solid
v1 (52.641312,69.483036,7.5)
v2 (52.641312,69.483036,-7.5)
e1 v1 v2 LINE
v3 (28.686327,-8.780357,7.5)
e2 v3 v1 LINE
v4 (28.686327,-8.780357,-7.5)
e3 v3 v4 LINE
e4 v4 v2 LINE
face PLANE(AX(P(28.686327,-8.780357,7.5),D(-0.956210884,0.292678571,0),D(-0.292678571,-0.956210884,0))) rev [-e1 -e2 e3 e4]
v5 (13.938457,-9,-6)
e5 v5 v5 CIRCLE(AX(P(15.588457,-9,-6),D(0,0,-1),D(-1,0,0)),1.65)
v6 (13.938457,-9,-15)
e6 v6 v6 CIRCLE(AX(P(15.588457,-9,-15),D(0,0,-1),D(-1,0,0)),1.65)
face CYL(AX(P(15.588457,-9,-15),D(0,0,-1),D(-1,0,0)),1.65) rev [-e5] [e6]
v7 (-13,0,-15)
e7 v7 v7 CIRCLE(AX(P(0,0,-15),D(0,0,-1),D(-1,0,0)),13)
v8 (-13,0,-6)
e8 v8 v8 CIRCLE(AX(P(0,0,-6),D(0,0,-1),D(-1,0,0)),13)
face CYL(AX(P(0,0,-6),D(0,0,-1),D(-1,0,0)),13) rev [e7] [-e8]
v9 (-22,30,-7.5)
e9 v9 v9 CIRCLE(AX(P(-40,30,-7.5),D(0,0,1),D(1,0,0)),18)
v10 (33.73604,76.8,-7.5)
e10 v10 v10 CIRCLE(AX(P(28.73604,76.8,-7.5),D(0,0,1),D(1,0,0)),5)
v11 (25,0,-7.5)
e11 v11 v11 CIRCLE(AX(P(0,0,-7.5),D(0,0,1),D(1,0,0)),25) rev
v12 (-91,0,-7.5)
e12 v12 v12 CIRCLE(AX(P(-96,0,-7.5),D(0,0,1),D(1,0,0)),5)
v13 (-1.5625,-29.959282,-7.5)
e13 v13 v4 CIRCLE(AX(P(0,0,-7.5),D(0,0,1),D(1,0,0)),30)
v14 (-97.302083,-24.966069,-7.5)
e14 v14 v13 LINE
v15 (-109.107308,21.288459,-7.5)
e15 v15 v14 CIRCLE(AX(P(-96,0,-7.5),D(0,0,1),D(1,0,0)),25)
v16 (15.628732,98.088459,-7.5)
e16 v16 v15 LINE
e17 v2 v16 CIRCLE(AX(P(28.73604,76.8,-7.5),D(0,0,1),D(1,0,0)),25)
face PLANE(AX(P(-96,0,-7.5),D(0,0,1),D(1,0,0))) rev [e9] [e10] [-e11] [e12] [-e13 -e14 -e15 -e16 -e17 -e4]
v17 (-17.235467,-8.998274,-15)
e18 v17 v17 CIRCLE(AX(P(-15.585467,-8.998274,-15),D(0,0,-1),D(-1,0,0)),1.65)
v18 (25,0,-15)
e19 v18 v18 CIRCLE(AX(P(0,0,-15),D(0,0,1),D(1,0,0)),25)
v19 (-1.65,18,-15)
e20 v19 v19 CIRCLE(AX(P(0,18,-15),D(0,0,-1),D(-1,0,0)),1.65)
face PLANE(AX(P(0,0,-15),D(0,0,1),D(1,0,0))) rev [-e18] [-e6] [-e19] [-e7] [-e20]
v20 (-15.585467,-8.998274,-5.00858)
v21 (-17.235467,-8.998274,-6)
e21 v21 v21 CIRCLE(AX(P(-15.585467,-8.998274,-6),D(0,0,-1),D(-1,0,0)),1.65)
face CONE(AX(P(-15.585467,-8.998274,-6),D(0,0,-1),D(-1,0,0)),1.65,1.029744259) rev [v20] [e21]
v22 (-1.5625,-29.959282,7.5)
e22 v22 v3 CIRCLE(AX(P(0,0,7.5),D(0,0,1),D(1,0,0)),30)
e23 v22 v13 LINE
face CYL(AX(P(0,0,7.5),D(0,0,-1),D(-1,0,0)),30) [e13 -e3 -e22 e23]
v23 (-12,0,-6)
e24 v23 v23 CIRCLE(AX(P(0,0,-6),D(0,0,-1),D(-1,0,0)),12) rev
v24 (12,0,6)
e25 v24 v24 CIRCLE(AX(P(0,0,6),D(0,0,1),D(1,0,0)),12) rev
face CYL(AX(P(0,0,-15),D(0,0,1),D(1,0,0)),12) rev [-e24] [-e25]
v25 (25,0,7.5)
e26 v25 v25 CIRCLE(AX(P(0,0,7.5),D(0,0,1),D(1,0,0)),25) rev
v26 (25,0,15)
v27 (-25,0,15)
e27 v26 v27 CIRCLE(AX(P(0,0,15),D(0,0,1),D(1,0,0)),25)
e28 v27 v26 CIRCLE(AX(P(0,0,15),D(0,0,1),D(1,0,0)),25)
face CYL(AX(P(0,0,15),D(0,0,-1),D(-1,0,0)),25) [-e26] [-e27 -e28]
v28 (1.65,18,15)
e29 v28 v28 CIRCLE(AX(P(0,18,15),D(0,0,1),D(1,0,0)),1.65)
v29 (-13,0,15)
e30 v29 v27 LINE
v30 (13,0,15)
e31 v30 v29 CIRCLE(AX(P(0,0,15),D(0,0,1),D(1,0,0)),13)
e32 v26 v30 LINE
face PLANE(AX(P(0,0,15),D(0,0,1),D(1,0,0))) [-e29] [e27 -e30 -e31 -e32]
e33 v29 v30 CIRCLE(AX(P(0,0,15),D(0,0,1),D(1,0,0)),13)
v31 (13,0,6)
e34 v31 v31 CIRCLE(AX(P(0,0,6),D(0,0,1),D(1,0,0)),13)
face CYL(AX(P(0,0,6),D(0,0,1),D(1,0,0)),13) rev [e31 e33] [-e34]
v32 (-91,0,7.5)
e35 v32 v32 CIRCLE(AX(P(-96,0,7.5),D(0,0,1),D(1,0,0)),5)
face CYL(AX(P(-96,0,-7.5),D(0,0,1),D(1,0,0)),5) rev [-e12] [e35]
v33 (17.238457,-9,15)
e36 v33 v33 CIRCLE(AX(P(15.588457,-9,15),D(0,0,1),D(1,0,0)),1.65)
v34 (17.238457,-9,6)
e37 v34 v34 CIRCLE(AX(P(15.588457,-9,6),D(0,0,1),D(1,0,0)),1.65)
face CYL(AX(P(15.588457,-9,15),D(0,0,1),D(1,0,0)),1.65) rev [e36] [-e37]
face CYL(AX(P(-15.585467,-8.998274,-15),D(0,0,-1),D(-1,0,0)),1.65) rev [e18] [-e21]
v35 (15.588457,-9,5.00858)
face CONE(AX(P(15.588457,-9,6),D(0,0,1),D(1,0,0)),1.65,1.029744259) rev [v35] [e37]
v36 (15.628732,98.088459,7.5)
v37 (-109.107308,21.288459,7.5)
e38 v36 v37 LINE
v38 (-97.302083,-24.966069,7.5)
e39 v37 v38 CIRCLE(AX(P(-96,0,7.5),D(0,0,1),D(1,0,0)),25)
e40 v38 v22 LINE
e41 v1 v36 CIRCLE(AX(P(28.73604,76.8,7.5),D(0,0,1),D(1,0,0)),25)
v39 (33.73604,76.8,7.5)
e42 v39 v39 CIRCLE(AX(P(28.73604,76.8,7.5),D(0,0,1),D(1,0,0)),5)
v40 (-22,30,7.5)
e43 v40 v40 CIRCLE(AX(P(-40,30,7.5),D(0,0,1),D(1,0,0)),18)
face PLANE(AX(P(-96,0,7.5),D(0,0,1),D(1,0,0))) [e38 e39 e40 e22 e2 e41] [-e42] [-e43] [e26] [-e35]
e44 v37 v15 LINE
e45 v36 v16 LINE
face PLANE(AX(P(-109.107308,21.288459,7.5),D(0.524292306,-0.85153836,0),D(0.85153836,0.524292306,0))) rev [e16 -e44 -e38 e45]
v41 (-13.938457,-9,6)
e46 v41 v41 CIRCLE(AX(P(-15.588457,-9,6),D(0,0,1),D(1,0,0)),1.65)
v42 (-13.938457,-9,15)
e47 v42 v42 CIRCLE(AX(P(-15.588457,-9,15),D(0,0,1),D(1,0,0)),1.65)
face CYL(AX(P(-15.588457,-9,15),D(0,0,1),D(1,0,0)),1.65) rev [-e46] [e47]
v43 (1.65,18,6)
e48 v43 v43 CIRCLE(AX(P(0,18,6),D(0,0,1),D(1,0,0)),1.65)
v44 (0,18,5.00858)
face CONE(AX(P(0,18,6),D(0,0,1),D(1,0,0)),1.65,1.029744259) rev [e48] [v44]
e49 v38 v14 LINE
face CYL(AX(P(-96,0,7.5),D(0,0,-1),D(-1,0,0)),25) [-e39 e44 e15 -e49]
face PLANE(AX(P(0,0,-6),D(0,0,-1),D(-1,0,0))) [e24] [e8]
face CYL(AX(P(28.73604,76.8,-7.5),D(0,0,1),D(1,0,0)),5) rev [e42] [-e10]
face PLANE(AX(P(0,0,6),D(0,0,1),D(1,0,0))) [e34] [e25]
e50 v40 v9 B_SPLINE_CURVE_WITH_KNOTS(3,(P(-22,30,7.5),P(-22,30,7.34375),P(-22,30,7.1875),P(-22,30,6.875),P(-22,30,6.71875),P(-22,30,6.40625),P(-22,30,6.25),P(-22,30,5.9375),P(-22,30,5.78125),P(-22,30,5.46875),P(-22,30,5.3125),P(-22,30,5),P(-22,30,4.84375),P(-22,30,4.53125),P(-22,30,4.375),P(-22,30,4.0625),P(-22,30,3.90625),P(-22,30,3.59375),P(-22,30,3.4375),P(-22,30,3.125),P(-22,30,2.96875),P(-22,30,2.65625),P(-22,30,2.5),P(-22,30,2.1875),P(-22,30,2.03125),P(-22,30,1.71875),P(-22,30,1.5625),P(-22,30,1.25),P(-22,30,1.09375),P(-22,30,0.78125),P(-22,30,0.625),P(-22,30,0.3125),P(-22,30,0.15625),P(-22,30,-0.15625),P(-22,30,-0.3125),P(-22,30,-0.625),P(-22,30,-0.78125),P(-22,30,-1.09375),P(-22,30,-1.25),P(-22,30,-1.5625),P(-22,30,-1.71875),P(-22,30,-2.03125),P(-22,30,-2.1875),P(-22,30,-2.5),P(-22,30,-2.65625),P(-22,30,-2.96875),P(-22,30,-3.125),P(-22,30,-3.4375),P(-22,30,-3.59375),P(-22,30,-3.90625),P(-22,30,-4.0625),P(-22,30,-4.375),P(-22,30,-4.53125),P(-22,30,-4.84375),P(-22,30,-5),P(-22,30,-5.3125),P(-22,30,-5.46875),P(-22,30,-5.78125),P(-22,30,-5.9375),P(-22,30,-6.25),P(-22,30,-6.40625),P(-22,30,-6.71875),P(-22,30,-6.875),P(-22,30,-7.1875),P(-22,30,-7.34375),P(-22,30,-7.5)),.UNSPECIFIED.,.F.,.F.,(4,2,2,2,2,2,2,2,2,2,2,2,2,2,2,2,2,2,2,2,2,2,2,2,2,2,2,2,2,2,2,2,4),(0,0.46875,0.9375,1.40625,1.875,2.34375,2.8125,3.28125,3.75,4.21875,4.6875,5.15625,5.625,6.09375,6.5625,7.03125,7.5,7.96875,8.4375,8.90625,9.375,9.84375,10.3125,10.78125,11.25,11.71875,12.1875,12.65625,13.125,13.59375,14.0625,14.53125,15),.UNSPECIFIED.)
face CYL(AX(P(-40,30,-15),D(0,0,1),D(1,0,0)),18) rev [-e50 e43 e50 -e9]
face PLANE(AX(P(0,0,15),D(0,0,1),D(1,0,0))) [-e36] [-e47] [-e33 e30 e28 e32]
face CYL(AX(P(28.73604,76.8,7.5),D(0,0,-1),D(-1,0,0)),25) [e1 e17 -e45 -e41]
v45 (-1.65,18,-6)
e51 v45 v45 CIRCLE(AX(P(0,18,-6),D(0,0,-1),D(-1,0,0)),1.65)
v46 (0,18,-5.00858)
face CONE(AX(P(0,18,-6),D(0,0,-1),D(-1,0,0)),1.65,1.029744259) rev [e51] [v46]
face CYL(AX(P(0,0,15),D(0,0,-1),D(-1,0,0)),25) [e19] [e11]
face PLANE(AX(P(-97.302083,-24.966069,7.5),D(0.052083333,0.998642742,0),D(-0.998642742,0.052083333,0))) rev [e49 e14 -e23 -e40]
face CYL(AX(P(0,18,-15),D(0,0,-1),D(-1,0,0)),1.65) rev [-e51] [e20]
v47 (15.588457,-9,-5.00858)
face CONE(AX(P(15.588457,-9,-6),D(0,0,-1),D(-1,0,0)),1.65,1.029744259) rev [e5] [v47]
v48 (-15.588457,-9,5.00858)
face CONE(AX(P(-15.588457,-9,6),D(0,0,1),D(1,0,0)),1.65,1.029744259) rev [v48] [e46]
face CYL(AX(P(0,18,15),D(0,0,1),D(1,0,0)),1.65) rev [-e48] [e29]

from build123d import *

# Parameters (mm, degrees)
BASELINE_BODY_DEPTH          = 7.5
SKETCH3_R                    = 5
CUT_EXTRUDE1_DEPTH           = 159.837149307
SKETCH4_R                    = 25
BOSS_EXTRUDE2_DEPTH          = 15
SKETCH5_R                    = 12
CUT_EXTRUDE2_DEPTH           = 161.947941894
SKETCH6_R                    = 13
CUT_EXTRUDE3_DEPTH           = 9
CUT_EXTRUDE4_START           = -9
SKETCH7_R                    = 13
CUT_EXTRUDE4_DEPTH           = 9
M4_TAPPED_HOLE6_D            = 3.3
M4_TAPPED_HOLE6_DEPTH        = 9
M4_TAPPED_HOLE6_TIP          = 0.991420021
M4_TAPPED_HOLE8_D            = 3.3
M4_TAPPED_HOLE8_DEPTH        = 9
M4_TAPPED_HOLE8_TIP          = 0.991420021
LIGHTENING_WINDOW_DEPTH      = 160.720036314
LIGHTENING_WINDOW_DEPTH_BACK = 160.720036314
SKETCH17_R                   = 18


with BuildPart() as part:
    # Rocker_Profile → Baseline_Body (new, symmetric)
    with BuildSketch(Plane.XY):
        with BuildLine():
            Line((-97.302083333, -24.966068553), (-1.5625, -29.959282264))
            ThreePointArc((-1.5625, -29.959282264), (17.206458335, -24.57514581), (28.686326507, -8.780357142))
            Line((28.686326507, -8.780357142), (52.641312178, 69.483035715))
            ThreePointArc((52.641312178, 69.483035715), (44.023831603, 96.580885487), (15.628732451, 98.088458997))
            Line((15.628732451, 98.088458997), (-109.107307638, 21.288458997))
            ThreePointArc((-109.107307638, 21.288458997), (-120.2235003, -6.182397046), (-97.302083333, -24.966068553))
        make_face()
    extrude(amount=BASELINE_BODY_DEPTH, both=True)

    # Sketch3 → Cut-Extrude1 (cut, through all)
    with BuildSketch(Plane.XY.offset(7.5)):
        with Locations((-96, 0)):
            Circle(SKETCH3_R)
        with Locations((28.736040089, 76.8)):
            Circle(SKETCH3_R)
    extrude(amount=-CUT_EXTRUDE1_DEPTH, mode=Mode.SUBTRACT)

    # Sketch4 → Boss-Extrude2 (add, symmetric)
    with BuildSketch(Plane.XY):
        Circle(SKETCH4_R)
    extrude(amount=BOSS_EXTRUDE2_DEPTH, both=True)

    # Sketch5 → Cut-Extrude2 (cut, through all)
    with BuildSketch(Plane.XY.offset(15)):
        Circle(SKETCH5_R)
    extrude(amount=-CUT_EXTRUDE2_DEPTH, mode=Mode.SUBTRACT)

    # Sketch6 → Cut-Extrude3 (cut)
    with BuildSketch(Plane.XY.offset(15)):
        Circle(SKETCH6_R)
    extrude(amount=-CUT_EXTRUDE3_DEPTH, mode=Mode.SUBTRACT)

    # Sketch7 → Cut-Extrude4 (cut)
    with BuildSketch(Plane(origin=(0, 0, -15), x_dir=(-1, 0, 0), z_dir=(0, 0, -1)).offset(CUT_EXTRUDE4_START)):
        with Locations(Location((0, 0, 0), (0, 0, 180))):
            Circle(SKETCH7_R)
    extrude(amount=CUT_EXTRUDE4_DEPTH, mode=Mode.SUBTRACT)

    # M4 Tapped Hole6
    with Locations(Plane.XY.offset(15)):
        with Locations((-15.588457268, -9), (0, 18), (15.588457268, -9)):
            Hole(M4_TAPPED_HOLE6_D / 2, depth=M4_TAPPED_HOLE6_DEPTH)
            with Locations((0, 0, -(M4_TAPPED_HOLE6_DEPTH + M4_TAPPED_HOLE6_TIP / 2))):  # 118° drill point
                Cone(0, M4_TAPPED_HOLE6_D / 2, M4_TAPPED_HOLE6_TIP, mode=Mode.SUBTRACT)

    # M4 Tapped Hole8
    with Locations(Plane(origin=(0, 0, -15), x_dir=(-1, 0, 0), z_dir=(0, 0, -1))):
        with Locations((-15.588457268, -9), (0, 18), (15.585467422, -8.998273811)):
            Hole(M4_TAPPED_HOLE8_D / 2, depth=M4_TAPPED_HOLE8_DEPTH)
            with Locations((0, 0, -(M4_TAPPED_HOLE8_DEPTH + M4_TAPPED_HOLE8_TIP / 2))):  # 118° drill point
                Cone(0, M4_TAPPED_HOLE8_D / 2, M4_TAPPED_HOLE8_TIP, mode=Mode.SUBTRACT)

    # Sketch17 → Lightening_Window (cut, two sides: drawn at the far end of the back side and taken through both)
    with BuildSketch(Plane.XY.offset(7.5).offset(-LIGHTENING_WINDOW_DEPTH_BACK)):
        with Locations((-40, 30)):
            Circle(SKETCH17_R)
    extrude(amount=LIGHTENING_WINDOW_DEPTH + LIGHTENING_WINDOW_DEPTH_BACK, mode=Mode.SUBTRACT)


solid = part.part
